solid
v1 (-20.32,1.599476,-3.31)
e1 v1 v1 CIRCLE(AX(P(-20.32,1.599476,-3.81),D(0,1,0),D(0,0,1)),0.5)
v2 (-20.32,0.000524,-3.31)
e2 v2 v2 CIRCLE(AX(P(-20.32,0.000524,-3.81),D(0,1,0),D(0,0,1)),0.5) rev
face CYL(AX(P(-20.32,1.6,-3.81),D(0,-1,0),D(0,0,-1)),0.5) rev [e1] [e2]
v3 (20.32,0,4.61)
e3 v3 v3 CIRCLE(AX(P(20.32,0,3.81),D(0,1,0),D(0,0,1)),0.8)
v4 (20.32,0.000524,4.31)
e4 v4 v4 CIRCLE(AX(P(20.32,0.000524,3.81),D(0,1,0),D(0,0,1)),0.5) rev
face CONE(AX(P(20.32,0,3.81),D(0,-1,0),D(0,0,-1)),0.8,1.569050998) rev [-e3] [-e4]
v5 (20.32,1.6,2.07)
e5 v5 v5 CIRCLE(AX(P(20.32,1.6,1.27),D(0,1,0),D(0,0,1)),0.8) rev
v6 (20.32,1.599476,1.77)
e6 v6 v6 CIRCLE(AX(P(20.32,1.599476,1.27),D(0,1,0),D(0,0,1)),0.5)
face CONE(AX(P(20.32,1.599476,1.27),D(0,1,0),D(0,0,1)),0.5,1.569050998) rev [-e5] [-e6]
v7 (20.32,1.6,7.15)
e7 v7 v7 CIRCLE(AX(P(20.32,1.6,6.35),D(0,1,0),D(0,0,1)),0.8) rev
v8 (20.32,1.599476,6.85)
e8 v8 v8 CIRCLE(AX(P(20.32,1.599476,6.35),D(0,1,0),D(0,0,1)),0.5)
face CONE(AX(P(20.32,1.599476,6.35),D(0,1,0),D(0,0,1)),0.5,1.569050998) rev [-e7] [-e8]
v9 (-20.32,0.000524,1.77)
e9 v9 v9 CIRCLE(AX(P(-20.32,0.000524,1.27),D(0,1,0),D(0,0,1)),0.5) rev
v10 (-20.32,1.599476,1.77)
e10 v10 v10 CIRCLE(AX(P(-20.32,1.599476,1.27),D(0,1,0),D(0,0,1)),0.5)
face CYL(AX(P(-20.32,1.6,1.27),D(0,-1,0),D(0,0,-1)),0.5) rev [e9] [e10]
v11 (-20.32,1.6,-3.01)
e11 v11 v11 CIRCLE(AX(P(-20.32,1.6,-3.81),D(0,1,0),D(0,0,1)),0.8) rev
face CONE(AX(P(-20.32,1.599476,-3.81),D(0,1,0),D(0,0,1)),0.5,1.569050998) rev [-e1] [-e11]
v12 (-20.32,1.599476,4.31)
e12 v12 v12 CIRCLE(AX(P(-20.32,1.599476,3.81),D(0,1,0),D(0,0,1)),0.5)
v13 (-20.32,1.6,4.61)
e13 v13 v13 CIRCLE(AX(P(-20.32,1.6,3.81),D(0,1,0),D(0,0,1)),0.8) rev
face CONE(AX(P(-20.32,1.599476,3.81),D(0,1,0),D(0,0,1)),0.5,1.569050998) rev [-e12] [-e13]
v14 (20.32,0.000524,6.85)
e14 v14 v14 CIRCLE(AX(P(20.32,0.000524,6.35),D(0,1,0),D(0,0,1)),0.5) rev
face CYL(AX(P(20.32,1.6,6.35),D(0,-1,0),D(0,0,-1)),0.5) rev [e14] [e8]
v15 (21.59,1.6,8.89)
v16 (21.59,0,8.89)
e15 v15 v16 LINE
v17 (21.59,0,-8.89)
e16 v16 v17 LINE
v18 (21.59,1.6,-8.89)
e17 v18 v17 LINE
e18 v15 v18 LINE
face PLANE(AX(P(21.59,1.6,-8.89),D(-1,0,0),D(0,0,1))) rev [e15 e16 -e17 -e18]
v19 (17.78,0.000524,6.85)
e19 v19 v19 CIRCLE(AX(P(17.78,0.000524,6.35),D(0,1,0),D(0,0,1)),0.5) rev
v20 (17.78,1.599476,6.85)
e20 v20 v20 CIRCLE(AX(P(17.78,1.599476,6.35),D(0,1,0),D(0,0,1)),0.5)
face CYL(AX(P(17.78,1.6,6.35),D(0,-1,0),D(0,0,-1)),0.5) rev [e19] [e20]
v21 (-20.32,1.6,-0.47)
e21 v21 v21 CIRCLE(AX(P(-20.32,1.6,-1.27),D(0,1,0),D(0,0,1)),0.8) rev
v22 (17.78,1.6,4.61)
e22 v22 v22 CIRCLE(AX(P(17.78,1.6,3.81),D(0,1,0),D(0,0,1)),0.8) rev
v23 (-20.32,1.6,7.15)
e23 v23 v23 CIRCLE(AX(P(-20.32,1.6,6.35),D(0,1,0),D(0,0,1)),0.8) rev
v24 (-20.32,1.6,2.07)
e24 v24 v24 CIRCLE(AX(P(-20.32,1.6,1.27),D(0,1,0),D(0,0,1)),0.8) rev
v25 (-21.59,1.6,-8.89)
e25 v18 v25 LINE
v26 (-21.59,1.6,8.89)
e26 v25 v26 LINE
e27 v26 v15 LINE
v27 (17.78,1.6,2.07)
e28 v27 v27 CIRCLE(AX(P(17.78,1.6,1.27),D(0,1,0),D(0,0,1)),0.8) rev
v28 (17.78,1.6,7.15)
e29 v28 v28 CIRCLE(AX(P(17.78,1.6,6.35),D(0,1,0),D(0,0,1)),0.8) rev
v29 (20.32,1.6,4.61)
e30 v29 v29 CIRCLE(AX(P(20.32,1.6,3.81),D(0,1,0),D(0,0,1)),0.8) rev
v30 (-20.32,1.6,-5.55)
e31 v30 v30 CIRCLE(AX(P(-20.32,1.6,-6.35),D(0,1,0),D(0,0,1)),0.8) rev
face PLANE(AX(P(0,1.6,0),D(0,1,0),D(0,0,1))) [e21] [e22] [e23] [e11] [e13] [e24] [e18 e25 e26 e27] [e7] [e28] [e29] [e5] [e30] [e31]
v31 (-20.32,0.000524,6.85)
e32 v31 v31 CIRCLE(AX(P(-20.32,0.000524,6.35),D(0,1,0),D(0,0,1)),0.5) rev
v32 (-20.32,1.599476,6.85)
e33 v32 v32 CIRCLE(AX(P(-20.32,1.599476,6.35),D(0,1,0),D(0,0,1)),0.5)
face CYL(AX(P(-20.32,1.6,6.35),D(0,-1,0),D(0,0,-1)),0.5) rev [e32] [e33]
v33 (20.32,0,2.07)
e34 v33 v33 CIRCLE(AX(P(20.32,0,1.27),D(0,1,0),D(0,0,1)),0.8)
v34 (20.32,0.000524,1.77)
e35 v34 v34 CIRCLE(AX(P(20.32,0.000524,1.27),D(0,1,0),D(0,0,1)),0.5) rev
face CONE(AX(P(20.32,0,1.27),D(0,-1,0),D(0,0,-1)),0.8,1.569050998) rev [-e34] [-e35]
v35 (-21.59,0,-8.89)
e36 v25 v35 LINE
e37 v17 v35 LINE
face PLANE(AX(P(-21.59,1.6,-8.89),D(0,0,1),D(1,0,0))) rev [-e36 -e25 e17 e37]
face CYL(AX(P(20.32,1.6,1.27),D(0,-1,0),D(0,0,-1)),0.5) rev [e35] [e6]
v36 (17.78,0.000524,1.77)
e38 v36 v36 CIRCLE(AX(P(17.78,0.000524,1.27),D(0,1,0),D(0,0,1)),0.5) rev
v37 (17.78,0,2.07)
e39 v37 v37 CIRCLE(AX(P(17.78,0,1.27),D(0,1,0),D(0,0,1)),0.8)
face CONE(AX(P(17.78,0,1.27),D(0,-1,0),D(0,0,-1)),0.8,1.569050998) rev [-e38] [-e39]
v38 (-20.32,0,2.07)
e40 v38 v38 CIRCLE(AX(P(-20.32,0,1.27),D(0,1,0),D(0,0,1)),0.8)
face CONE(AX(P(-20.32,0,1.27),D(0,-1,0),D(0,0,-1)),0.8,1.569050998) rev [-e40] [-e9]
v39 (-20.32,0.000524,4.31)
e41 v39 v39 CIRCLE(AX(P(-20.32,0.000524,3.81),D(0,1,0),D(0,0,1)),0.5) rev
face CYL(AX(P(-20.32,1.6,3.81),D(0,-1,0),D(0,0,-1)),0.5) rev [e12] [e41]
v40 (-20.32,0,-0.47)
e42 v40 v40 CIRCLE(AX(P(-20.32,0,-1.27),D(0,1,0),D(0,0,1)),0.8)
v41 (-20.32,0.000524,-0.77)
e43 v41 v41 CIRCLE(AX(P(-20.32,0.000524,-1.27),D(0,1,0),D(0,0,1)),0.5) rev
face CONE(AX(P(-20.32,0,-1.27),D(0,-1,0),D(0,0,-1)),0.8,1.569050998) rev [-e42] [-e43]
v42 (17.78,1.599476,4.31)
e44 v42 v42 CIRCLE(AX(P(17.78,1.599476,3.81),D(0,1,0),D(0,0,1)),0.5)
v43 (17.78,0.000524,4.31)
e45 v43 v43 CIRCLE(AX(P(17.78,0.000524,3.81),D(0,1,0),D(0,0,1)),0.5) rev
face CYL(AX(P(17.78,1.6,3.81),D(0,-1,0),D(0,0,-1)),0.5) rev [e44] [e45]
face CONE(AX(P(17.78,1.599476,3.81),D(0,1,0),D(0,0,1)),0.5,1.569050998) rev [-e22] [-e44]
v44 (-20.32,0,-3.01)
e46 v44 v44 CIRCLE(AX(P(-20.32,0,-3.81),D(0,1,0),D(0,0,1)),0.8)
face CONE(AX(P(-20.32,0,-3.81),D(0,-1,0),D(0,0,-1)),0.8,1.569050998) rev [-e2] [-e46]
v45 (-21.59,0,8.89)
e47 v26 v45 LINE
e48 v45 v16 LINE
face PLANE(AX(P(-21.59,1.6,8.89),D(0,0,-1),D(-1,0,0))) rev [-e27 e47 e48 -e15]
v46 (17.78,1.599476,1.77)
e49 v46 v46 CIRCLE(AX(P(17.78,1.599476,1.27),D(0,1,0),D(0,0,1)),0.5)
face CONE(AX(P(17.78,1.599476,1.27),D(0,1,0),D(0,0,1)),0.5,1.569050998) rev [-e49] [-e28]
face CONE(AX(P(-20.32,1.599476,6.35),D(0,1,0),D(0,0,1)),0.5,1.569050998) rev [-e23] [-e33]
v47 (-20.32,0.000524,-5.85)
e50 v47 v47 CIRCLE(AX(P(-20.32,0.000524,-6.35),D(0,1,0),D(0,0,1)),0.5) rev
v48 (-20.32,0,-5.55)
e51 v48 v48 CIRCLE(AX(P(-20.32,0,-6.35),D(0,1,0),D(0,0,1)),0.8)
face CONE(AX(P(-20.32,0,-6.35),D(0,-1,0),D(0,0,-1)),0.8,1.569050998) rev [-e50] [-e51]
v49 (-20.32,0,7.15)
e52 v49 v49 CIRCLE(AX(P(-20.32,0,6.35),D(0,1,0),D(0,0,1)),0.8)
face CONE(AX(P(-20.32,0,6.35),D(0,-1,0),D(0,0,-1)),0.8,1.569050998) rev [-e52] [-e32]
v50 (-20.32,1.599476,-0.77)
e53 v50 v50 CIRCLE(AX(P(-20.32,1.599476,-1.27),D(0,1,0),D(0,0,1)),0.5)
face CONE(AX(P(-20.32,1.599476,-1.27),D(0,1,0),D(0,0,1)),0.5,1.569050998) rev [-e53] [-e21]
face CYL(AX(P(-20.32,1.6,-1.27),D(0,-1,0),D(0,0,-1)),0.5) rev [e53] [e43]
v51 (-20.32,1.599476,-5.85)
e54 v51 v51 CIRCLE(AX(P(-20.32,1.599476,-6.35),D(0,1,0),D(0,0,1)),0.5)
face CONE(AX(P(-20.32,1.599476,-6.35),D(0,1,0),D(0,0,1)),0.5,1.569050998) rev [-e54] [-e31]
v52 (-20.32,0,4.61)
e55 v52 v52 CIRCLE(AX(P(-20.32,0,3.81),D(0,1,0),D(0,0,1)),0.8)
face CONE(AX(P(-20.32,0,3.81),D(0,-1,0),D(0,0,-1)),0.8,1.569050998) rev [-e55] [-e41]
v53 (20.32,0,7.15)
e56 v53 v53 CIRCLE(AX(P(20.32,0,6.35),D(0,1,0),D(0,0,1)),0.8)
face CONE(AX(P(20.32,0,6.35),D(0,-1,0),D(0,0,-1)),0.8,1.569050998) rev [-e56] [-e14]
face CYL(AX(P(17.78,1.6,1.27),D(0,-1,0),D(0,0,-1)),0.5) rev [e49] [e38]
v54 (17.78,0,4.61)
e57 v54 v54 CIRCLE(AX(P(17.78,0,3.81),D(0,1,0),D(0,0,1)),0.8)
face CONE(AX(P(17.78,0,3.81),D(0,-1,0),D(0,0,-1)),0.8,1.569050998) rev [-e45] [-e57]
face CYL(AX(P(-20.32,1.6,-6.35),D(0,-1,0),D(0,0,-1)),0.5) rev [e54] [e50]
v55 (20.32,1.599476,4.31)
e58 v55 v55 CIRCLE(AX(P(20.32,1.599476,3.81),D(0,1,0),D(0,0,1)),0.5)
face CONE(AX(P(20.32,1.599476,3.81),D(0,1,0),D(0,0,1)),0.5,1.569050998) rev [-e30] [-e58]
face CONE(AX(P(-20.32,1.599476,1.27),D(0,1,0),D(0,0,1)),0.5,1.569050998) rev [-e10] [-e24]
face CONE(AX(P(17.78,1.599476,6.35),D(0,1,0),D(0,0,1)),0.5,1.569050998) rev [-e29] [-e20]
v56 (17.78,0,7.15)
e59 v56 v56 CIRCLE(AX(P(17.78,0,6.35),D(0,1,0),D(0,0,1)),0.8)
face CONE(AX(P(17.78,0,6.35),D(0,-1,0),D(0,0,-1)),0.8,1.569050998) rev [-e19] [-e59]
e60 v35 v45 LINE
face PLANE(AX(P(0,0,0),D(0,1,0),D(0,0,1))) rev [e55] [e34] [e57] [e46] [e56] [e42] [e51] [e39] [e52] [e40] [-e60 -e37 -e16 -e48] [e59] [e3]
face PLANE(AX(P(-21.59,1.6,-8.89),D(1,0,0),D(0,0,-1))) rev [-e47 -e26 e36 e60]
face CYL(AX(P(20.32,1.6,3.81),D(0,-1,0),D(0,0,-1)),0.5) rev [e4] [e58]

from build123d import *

# Parameters (mm, degrees)
SKETCH1_W           = 43.18
SKETCH1_H           = 17.78
SKETCH1_R           = 0.5
BOSS_EXTRUDE1_DEPTH = 1.6
CHAMFER1_SIZE       = 0.3
CHAMFER1_SIZE2      = 0.000523599
CHAMFER2_SIZE       = 0.3
CHAMFER2_SIZE2      = 0.000523599


with BuildPart() as part:
    # Sketch1 → Boss-Extrude1 (new body)
    with BuildSketch(Plane(origin=(0, 0, 0), x_dir=(1, 0, 0), z_dir=(0, 1, 0))):
        Rectangle(SKETCH1_W, SKETCH1_H)
        with Locations(Location((20.32, -6.35, 0), (0, 0, 270))):
            Circle(SKETCH1_R, mode=Mode.SUBTRACT)
        with Locations(Location((-20.32, 3.81, 0), (0, 0, 270))):
            Circle(SKETCH1_R, mode=Mode.SUBTRACT)
        with Locations(Location((-20.32, 1.27, 0), (0, 0, 270))):
            Circle(SKETCH1_R, mode=Mode.SUBTRACT)
        with Locations(Location((-20.32, -1.27, 0), (0, 0, 270))):
            Circle(SKETCH1_R, mode=Mode.SUBTRACT)
        with Locations(Location((-20.32, 6.35, 0), (0, 0, 270))):
            Circle(SKETCH1_R, mode=Mode.SUBTRACT)
        with Locations(Location((-20.32, -3.81, 0), (0, 0, 270))):
            Circle(SKETCH1_R, mode=Mode.SUBTRACT)
        with Locations(Location((-20.32, -6.35, 0), (0, 0, 270))):
            Circle(SKETCH1_R, mode=Mode.SUBTRACT)
        with Locations(Location((17.78, -6.35, 0), (0, 0, 270))):
            Circle(SKETCH1_R, mode=Mode.SUBTRACT)
        with Locations(Location((17.78, -3.81, 0), (0, 0, 270))):
            Circle(SKETCH1_R, mode=Mode.SUBTRACT)
        with Locations(Location((17.78, -1.27, 0), (0, 0, 270))):
            Circle(SKETCH1_R, mode=Mode.SUBTRACT)
        with Locations(Location((20.32, -3.81, 0), (0, 0, 270))):
            Circle(SKETCH1_R, mode=Mode.SUBTRACT)
        with Locations(Location((20.32, -1.27, 0), (0, 0, 270))):
            Circle(SKETCH1_R, mode=Mode.SUBTRACT)
    extrude(amount=BOSS_EXTRUDE1_DEPTH)

    # Chamfer1
    chamfer1_edges = [part.edges().sort_by_distance(p)[0] for p in [
        (20.32, 1.6, 5.85),
        (-20.32, 1.6, -4.31),
        (-20.32, 1.6, -1.77),
        (-20.32, 1.6, 0.77),
        (-20.32, 1.6, 3.31),
        (-20.32, 1.6, 5.85),
        (-20.32, 1.6, -6.85),
        (17.78, 1.6, 5.85),
        (17.78, 1.6, 3.31),
        (17.78, 1.6, 0.77),
        (20.32, 1.6, 3.31),
        (20.32, 1.6, 0.77),
    ]]
    chamfer1_side = [part.faces().sort_by_distance(p)[0] for p in [
        (0.007892141, 1.6, -0.023676424),
    ]]
    chamfer(chamfer1_edges, length=CHAMFER1_SIZE, length2=CHAMFER1_SIZE2, reference=chamfer1_side[0])

    # Chamfer2
    chamfer2_edges = [part.edges().sort_by_distance(p)[0] for p in [
        (20.32, 0, 5.85),
        (-20.32, 0, -4.31),
        (-20.32, 0, -1.77),
        (-20.32, 0, 0.77),
        (-20.32, 0, 3.31),
        (-20.32, 0, 5.85),
        (-20.32, 0, -6.85),
        (17.78, 0, 5.85),
        (17.78, 0, 3.31),
        (17.78, 0, 0.77),
        (20.32, 0, 3.31),
        (20.32, 0, 0.77),
    ]]
    chamfer2_side = [part.faces().sort_by_distance(p)[0] for p in [
        (0.007892141, 0, -0.023676424),
    ]]
    chamfer(chamfer2_edges, length=CHAMFER2_SIZE, length2=CHAMFER2_SIZE2, reference=chamfer2_side[0])


solid = part.part
